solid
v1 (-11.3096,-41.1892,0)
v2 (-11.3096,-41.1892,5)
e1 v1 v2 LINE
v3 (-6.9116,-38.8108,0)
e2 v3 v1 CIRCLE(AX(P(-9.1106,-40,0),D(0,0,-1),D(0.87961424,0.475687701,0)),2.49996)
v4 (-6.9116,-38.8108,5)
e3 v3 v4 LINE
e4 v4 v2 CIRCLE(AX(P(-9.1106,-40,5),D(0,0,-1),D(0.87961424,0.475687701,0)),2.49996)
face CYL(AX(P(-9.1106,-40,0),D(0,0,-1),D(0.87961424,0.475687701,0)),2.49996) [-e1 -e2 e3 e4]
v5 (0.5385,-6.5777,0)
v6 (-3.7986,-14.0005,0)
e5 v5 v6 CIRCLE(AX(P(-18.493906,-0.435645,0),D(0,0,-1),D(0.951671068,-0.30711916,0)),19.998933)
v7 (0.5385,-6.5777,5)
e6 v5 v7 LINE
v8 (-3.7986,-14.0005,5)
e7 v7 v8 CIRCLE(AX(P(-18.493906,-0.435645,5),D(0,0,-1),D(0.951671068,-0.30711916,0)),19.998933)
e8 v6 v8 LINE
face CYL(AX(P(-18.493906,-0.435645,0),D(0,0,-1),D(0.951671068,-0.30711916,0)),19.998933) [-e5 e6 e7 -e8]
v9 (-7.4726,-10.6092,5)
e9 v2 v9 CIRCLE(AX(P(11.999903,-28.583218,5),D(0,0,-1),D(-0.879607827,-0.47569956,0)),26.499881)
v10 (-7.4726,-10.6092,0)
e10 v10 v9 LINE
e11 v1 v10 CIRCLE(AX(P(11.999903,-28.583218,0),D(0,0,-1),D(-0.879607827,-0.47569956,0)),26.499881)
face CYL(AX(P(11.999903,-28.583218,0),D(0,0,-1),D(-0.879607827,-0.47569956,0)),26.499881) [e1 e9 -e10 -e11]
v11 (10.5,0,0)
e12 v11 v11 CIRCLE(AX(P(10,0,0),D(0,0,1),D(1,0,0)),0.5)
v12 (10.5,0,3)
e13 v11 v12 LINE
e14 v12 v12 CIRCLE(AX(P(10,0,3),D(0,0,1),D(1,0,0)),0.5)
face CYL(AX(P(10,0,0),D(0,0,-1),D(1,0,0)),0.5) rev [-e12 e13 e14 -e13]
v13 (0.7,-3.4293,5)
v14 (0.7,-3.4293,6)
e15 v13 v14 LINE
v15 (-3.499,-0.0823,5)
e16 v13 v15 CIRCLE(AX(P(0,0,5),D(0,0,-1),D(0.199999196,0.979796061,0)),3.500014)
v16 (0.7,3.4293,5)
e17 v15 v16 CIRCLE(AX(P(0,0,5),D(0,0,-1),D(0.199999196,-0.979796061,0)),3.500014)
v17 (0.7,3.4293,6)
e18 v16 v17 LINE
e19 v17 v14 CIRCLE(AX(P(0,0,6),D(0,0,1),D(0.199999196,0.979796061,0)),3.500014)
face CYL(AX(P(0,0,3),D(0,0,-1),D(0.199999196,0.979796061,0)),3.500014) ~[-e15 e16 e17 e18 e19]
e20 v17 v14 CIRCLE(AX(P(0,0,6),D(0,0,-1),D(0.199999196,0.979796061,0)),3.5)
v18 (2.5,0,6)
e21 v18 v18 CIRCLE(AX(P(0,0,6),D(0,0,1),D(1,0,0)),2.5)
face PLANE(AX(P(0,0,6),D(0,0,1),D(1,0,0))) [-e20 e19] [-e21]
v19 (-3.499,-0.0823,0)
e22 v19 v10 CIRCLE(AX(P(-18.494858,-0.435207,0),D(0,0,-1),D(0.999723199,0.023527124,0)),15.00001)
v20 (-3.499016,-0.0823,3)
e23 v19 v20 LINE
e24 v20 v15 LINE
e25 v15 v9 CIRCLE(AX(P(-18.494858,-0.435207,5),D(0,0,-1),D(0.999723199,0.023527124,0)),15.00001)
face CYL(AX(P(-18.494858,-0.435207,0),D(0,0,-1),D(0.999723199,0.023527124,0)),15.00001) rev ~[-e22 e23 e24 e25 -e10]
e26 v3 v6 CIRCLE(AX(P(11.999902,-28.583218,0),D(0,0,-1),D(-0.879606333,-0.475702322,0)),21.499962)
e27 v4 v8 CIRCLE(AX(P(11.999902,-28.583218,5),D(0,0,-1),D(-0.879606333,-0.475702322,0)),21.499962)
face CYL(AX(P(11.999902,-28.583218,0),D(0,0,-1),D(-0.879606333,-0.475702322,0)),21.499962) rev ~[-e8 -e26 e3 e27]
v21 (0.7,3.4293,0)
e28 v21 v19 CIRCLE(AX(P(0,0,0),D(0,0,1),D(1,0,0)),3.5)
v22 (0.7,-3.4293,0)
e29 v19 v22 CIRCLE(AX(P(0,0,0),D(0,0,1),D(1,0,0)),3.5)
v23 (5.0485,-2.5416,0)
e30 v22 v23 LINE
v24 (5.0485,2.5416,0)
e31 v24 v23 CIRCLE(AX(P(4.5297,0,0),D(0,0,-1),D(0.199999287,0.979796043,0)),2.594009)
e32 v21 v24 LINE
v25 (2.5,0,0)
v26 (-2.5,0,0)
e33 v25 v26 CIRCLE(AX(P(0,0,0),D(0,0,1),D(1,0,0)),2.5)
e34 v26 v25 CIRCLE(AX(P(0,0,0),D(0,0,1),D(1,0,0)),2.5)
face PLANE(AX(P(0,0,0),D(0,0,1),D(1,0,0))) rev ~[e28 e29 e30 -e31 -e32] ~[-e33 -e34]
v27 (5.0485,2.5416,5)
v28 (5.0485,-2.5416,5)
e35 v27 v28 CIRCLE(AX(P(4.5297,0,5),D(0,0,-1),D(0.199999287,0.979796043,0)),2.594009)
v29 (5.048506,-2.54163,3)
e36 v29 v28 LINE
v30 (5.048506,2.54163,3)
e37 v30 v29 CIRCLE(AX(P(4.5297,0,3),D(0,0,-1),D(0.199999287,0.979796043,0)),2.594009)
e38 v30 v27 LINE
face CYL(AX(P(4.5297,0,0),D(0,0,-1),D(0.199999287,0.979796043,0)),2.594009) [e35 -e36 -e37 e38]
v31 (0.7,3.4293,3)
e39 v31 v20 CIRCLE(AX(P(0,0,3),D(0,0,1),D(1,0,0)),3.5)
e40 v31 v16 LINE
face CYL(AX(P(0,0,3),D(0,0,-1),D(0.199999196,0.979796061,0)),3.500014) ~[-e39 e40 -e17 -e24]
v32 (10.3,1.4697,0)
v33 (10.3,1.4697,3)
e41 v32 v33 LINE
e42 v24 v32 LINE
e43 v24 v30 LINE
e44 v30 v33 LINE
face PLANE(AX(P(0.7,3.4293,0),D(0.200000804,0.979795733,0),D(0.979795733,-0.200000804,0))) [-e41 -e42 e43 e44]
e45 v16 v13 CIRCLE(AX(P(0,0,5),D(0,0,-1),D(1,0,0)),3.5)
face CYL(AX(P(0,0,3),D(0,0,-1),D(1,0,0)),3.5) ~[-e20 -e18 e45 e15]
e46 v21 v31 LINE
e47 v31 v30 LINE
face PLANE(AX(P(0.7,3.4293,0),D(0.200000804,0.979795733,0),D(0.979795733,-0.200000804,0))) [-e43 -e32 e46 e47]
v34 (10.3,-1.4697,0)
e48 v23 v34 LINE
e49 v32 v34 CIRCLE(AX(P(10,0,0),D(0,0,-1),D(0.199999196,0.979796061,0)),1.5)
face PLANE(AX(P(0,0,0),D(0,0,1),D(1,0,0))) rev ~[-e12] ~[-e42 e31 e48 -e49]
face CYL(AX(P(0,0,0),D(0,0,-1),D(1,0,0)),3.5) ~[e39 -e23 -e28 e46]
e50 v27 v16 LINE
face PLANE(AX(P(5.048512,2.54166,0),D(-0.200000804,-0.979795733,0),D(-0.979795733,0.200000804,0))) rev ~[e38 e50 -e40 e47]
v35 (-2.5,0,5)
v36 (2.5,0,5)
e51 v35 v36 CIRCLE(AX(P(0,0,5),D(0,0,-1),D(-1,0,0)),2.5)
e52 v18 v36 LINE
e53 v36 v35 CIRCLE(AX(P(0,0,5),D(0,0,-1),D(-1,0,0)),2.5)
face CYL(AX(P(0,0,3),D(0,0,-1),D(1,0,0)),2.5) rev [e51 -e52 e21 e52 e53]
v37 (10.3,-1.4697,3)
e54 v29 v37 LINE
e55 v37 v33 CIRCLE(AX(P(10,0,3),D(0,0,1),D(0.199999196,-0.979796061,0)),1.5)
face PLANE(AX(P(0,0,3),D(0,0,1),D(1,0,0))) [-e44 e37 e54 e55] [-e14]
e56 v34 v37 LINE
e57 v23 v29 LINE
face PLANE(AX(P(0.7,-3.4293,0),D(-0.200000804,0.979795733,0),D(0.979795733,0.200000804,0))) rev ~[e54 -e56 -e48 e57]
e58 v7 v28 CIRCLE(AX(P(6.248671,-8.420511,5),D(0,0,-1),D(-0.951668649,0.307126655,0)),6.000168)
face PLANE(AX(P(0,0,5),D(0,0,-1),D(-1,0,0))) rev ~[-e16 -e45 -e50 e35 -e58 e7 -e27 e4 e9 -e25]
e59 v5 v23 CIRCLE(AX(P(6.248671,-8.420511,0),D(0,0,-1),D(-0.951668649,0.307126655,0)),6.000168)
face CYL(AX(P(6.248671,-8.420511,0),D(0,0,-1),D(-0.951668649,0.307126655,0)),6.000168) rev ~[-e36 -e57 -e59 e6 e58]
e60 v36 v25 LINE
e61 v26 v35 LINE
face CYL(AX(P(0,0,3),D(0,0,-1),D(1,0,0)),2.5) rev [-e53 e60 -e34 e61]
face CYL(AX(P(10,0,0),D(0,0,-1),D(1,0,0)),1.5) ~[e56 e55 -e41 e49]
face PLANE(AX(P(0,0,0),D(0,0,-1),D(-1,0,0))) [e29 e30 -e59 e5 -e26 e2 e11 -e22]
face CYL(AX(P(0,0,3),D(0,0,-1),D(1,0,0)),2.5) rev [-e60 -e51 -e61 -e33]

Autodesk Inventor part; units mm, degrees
ref_plane "YZ Plane" through (0, 0, 0) normal (1, 0, 0) x (0, 1, 0)
ref_plane "XZ Plane" through (0, 0, 0) normal (0, 1, 0) x (-1, 0, 0)
ref_plane "XY Plane" through (0, 0, 0) normal (0, 0, 1) x (1, 0, 0)
sketch "Sketch1" plane through (0, 0, 0) normal (0, 0, 1) x (1, 0, 0)
  circle A0 centre (0, 0) radius 2.5
  circle A1 centre (0, 0) radius 3.5
  line L0 (0, 0) -> (10, 0) construction
  circle A2 centre (10, 0) radius 1.5
  circle A3 centre (10, 0) radius 0.5
  line L1 (0.7, 3.4293) -> (10.3, 1.4697)
  line L2 (0.7, -3.4293) -> (10.3, -1.4697)
  dimension "d0" = 5
  dimension "d1" = 7
  dimension "d2" = 3
  dimension "d3" = 1
  dimension "d4" = 10
extrude "Extrusion1" add sketch "Sketch1" along normal blind 3
sketch "Sketch2" plane through (0, 0, 3) normal (0, 0, 1) x (1, 0, 0)
  line L0 (0.7, -3.4293) -> (10.3, -1.4697) projected
  arc A0 (10.3, -1.4697) -> (10.3, 1.4697) centre (10, 0) ccw projected
  line L1 (10.3, 1.4697) -> (0.7, 3.4293) projected
  arc A1 (0.7, 3.4293) -> (0.7, -3.4293) centre (0, 0) ccw projected
  circle A2 centre (10, 0) radius 0.5 projected
  circle A3 centre (0, 0) radius 2.5 projected
  arc A4 (0.7, 3.4293) -> (0.7, -3.4293) centre (0, 0) ccw projected
  circle A5 centre (0, 0) radius 3.5
  point P0 (0.7, -3.4293)
extrude "Extrusion2" add sketch "Sketch2" along normal blind 3 contours A1 A5
sketch "Sketch3" plane through (0, 0, 0) normal (0, 0, -1) x (-1, 0, 0)
  line L0 (0, 0) -> (13.4825, -19.2549) construction
  circle A0 centre (-10, 0) radius 0.5 projected
  line L1 (0, 0) -> (-10, 0) construction
  line L2 (0, 0) -> (-9.8298, -6.8829) construction
  circle A1 centre (0, 0) radius 12 construction
  line L3 (-9.8298, -6.8829) -> (6.5648, -30.2969) construction
  circle A2 centre (6.5648, -30.2969) radius 21 construction
  line L4 (0, 0) -> (-12, 0) construction
  line L5 (-12, 0) -> (-12, -49.2406) construction
  circle A3 centre (0, 0) radius 31 construction
  circle A4 centre (-12, -28.5832) radius 21 construction
  arc A5 (11.3096, -41.1892) -> (7.4726, -10.6092) centre (-12, -28.5832) ccw
  arc A6 (-10.3, 1.4697) -> (-10.3, -1.4697) centre (-10, 0) ccw projected
  line L6 (-0.7, -3.4293) -> (-10.3, -1.4697) projected
  arc A7 (-0.7, -3.4293) -> (-0.7, 3.4293) centre (0, 0) ccw projected
  line L7 (-10.3, 1.4697) -> (-0.7, 3.4293) projected
  circle A8 centre (-10, 0) radius 0.5 projected
  circle A9 centre (0, 0) radius 2.5 projected
  arc A10 (3.499, -0.0823) -> (7.4726, -10.6092) centre (18.4949, -0.4352) ccw
  arc A11 (6.9116, -38.8108) -> (3.7986, -14.0005) centre (-12, -28.5832) ccw
  arc A12 (-0.5385, -6.5777) -> (3.7986, -14.0005) centre (18.4949, -0.4352) ccw
  arc A13 (-0.5385, -6.5777) -> (-5.0485, -2.5416) centre (-6.2485, -8.4204) ccw
  line L8 (-10.3, 1.4697) -> (-0.7, 3.4293) projected
  arc A14 (-5.0485, 2.5416) -> (-5.0485, -2.5416) centre (-4.5297, 0) ccw
  line L9 (-0.7, -3.4293) -> (-10.3, -1.4697) projected
  line L10 (-10.3, 1.4697) -> (-0.7, 3.4293) projected
  arc A15 (6.9116, -38.8108) -> (11.3096, -41.1892) centre (9.1106, -40) ccw
  dimension "d10" = 24
  dimension "d9" = 125
  dimension "d11" = 42
  dimension "d12" = 12
  dimension "d13" = 62
  dimension "d14" = 42
  dimension "d17" = 15
  dimension "d18" = 26.5
  dimension "d19" = 5
  dimension "d20" = 5
  dimension "d21" = 6
  dimension "d22" = 40
extrude "Extrusion3" add sketch "Sketch3" against normal blind 5 contours A15 A11 A12 A13 L6 A7 A10 A5 | A7 L6 A14 L7
equation "\"d20\" = d19"
properties part number "claw-w"
